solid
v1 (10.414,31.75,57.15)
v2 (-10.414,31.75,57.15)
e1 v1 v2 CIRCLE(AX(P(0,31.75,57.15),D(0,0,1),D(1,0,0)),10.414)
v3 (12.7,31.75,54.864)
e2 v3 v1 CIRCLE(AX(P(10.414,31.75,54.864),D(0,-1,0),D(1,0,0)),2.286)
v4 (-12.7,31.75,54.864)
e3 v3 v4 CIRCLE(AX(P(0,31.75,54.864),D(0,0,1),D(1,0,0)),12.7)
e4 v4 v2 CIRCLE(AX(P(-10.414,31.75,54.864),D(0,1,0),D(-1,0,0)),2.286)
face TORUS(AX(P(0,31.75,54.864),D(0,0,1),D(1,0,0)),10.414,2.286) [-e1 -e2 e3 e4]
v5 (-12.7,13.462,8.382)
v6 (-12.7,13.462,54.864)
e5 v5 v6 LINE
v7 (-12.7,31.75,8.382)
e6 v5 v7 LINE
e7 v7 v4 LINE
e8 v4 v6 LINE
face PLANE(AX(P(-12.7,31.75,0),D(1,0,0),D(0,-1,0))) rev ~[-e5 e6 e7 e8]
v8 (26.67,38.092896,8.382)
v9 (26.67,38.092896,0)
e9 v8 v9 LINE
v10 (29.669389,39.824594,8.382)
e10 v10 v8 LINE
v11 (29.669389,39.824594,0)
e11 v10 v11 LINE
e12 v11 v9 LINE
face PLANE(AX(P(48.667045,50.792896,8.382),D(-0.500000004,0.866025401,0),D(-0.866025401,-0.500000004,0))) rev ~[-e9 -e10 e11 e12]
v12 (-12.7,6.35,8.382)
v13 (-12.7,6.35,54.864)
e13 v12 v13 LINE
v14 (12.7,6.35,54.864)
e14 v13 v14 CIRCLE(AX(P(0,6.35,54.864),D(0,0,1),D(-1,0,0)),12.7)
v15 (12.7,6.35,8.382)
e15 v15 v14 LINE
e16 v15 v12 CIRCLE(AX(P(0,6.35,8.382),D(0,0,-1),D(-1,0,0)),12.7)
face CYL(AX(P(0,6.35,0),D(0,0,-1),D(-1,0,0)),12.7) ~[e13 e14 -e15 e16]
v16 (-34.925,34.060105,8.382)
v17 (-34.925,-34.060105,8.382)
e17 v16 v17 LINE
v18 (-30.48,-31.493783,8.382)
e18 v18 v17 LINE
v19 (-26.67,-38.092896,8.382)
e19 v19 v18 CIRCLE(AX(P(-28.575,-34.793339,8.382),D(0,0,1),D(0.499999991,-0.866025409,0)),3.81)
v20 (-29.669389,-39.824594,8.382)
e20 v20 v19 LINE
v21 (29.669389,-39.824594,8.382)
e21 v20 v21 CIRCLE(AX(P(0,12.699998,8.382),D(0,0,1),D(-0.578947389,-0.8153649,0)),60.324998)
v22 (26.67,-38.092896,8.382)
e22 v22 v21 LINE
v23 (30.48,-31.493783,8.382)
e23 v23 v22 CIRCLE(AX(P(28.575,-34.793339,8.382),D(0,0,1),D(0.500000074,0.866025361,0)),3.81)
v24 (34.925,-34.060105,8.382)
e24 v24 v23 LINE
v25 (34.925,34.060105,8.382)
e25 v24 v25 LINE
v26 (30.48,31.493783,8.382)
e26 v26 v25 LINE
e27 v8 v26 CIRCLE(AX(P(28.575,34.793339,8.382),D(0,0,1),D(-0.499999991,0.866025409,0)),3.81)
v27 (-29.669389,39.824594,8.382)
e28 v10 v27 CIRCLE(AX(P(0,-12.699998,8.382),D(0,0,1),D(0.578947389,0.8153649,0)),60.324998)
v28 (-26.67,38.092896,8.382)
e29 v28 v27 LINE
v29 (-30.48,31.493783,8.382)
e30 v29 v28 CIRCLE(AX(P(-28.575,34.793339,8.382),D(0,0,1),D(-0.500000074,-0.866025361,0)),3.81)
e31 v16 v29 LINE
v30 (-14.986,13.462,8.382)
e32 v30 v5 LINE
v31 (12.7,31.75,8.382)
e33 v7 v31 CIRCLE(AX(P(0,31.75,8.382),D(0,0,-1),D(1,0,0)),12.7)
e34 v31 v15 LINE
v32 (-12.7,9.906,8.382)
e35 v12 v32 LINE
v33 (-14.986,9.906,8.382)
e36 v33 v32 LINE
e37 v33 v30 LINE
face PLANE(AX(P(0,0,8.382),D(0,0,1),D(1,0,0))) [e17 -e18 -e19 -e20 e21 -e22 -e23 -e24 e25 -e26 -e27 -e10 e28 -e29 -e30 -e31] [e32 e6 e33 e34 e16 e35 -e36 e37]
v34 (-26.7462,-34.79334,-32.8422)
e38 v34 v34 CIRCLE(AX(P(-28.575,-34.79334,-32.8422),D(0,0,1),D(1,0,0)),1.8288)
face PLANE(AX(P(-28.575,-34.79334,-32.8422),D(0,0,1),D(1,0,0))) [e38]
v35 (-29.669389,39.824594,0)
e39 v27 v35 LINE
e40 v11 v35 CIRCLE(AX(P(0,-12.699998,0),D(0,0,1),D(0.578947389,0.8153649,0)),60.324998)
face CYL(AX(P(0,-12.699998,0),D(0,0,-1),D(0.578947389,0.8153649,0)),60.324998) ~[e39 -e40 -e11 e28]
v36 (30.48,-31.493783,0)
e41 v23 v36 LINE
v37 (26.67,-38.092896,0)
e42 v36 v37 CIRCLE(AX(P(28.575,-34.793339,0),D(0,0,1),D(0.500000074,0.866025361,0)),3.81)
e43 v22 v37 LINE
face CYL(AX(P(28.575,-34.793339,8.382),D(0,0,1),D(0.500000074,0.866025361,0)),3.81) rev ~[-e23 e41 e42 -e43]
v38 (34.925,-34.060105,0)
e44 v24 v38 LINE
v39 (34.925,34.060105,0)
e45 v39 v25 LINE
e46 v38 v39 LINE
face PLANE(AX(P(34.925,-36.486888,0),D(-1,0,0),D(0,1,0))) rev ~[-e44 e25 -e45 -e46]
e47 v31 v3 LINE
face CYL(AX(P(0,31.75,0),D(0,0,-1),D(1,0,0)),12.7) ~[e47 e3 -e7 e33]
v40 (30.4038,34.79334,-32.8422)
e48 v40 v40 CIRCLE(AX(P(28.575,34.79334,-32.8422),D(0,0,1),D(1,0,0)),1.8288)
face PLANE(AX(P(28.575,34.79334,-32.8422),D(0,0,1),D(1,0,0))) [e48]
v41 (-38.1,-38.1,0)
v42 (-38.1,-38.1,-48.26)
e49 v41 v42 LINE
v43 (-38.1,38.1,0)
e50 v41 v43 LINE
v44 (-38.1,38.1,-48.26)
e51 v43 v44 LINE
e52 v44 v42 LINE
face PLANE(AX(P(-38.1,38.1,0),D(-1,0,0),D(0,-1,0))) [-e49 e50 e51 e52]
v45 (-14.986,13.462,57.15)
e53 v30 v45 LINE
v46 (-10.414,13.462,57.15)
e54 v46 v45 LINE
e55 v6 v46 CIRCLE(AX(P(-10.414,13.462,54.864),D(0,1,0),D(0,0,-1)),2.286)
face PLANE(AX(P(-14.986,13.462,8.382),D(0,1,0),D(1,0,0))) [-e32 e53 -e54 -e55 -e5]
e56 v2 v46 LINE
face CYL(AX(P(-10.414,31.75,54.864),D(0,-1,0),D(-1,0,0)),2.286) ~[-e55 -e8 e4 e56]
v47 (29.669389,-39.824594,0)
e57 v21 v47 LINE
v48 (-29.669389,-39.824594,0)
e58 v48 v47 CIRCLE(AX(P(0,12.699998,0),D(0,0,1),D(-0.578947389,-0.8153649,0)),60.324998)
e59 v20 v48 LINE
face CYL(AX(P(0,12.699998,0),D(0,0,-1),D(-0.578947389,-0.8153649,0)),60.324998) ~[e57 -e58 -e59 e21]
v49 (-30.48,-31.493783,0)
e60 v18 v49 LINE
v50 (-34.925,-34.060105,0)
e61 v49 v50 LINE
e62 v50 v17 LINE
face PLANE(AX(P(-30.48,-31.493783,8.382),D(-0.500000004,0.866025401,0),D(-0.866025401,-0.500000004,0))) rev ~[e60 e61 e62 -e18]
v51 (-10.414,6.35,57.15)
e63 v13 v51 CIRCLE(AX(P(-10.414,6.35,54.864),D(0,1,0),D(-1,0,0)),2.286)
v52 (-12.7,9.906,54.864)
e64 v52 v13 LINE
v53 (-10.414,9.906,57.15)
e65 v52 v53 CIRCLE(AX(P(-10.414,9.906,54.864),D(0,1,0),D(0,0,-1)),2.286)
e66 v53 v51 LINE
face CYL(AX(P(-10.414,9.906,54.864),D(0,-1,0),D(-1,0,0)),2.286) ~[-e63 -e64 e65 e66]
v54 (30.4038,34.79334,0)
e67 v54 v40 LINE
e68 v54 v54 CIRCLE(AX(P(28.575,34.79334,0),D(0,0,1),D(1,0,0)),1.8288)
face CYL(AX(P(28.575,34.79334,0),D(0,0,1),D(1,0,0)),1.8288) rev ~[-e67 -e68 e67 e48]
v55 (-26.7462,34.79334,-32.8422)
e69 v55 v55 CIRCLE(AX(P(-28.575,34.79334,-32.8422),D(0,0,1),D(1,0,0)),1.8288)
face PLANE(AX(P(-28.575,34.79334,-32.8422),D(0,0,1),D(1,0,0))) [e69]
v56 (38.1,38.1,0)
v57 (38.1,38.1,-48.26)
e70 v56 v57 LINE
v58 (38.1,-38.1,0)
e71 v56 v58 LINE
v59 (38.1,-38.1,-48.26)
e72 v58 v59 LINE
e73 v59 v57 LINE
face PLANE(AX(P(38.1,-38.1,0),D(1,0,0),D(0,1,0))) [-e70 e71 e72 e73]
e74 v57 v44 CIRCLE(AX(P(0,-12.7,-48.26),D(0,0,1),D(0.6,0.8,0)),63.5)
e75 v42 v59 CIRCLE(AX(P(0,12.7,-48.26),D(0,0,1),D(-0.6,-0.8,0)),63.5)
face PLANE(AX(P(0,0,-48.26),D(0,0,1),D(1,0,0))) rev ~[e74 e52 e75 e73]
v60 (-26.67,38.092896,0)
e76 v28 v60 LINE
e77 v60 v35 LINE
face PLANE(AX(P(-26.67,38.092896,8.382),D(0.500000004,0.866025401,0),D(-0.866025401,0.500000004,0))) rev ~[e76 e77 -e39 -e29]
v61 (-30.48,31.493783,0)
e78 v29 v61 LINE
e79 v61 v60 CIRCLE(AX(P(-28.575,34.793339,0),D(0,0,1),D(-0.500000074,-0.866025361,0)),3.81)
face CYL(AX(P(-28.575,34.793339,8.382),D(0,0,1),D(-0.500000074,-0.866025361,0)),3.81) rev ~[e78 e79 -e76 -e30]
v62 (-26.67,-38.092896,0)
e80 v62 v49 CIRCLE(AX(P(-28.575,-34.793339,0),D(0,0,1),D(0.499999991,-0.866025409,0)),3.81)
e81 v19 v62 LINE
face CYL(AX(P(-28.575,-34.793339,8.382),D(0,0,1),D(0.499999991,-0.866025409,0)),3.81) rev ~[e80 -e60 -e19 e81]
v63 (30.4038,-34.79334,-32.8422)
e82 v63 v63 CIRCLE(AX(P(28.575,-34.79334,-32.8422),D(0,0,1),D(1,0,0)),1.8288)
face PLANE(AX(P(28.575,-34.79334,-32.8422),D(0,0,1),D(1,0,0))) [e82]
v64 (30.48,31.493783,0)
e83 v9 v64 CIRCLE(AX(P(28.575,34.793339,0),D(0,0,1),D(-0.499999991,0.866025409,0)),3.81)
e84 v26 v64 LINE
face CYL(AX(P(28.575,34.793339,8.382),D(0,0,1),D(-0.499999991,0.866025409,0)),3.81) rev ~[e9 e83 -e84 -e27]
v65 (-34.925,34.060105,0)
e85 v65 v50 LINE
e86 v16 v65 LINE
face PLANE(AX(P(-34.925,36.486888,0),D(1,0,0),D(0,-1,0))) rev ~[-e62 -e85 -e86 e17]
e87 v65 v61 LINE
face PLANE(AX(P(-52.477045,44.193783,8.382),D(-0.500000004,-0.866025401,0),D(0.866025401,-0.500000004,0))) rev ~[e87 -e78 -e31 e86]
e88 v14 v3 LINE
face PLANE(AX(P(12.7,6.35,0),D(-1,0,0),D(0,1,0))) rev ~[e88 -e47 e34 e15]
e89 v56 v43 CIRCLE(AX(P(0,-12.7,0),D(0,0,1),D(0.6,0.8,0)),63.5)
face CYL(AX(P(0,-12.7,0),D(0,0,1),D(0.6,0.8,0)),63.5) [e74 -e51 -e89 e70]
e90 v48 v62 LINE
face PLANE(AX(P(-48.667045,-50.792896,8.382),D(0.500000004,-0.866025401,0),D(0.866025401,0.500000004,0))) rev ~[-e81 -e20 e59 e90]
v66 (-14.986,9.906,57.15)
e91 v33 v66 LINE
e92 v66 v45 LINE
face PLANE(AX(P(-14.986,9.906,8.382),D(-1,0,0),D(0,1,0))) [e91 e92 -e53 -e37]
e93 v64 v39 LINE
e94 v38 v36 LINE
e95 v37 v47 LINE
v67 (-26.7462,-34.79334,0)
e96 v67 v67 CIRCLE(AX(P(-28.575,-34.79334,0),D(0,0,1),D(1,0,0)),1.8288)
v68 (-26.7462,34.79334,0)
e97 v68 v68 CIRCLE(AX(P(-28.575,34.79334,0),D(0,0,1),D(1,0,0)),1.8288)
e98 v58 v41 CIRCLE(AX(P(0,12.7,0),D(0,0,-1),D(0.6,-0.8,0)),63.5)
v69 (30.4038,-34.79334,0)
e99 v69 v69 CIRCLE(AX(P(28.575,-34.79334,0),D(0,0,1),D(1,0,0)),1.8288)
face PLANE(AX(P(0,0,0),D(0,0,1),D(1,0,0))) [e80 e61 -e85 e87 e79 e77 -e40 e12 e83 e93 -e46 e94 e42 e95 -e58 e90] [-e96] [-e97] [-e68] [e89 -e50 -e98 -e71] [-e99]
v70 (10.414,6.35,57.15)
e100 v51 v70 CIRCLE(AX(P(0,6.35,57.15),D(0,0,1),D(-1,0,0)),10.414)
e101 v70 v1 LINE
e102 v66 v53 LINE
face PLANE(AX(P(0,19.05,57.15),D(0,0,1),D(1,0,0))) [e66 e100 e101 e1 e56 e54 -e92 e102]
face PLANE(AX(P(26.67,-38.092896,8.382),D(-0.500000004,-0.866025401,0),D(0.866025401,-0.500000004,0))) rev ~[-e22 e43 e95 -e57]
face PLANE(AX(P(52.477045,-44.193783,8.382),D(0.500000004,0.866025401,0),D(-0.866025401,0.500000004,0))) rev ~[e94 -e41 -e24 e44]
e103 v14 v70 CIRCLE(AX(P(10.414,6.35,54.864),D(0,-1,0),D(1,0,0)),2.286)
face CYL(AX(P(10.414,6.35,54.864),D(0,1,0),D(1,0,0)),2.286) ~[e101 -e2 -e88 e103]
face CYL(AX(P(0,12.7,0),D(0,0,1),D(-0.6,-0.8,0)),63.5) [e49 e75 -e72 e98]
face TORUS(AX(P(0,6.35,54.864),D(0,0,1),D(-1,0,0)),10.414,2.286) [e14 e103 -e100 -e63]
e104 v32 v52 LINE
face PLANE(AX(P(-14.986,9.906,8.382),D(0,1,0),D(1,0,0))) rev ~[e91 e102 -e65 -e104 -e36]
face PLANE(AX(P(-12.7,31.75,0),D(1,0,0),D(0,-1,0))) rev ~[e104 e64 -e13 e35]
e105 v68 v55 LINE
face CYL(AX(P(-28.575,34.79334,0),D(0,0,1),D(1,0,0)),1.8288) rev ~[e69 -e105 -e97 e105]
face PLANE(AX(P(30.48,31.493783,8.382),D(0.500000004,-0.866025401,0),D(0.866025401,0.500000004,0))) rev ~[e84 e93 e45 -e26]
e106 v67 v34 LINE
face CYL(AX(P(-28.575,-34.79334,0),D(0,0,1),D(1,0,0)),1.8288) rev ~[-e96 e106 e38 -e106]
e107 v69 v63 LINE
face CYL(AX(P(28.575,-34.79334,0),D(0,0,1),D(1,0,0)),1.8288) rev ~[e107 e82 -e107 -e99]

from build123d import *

# Parameters (mm, degrees)
F1_DEPTH  = 48.26
F3_DEPTH  = 8.382
F5_DEPTH  = 8.382
F6_R      = 1.8288
F7_DEPTH  = 32.8422
F9_DEPTH  = 57.15
F10_W     = 2.286
F10_H     = 3.556
F11_DEPTH = 48.768
F12_R     = 2.286


with BuildPart() as f1:
    # F0 (on Top) → F1 (new body)
    with BuildSketch(Plane.XY):
        with BuildLine():
            ThreePointArc((-38.1, -38.1), (0, -50.8), (38.1, -38.1))
            Line((38.1, -38.1), (38.1, 38.1))
            ThreePointArc((38.1, 38.1), (0, 50.8), (-38.1, 38.1))
            Line((-38.1, 38.1), (-38.1, -38.1))
        make_face()
    extrude(amount=-F1_DEPTH)

    # F2 (on face) → F3 (join)
    with BuildSketch(Plane.XY):
        with BuildLine():
            Line((-34.925, 36.486888), (-34.925, -36.486888))
            ThreePointArc((-34.925, -36.486888), (0, -47.625), (34.925, -36.486888))
            Line((34.925, -36.486888), (34.925, 36.486888))
            ThreePointArc((34.925, 36.486888), (0, 47.625), (-34.925, 36.486888))
        make_face()
    extrude(amount=F3_DEPTH)

    # F4 (on face) → F5 (cut, through all)
    with BuildSketch(Plane.XY.offset(8.382)):
        with BuildLine():
            ThreePointArc((-26.67, -38.092896), (-25.275443, -32.88834), (-30.48, -31.493783))
            Line((-30.48, -31.493783), (-52.477045, -44.193783))
            ThreePointArc((-52.477045, -44.193783), (-53.871602, -49.39834), (-48.667045, -50.792896))
            Line((-48.667045, -50.792896), (-26.67, -38.092896))
        make_face()
        with BuildLine():
            ThreePointArc((30.48, -31.493783), (25.275443, -32.88834), (26.67, -38.092896))
            Line((26.67, -38.092896), (48.667045, -50.792896))
            ThreePointArc((48.667045, -50.792896), (53.871602, -49.39834), (52.477045, -44.193783))
            Line((52.477045, -44.193783), (30.48, -31.493783))
        make_face()
        with BuildLine():
            Line((-52.477045, 44.193783), (-30.48, 31.493783))
            ThreePointArc((-30.48, 31.493783), (-25.275443, 32.88834), (-26.67, 38.092896))
            Line((-26.67, 38.092896), (-48.667045, 50.792896))
            ThreePointArc((-48.667045, 50.792896), (-53.871602, 49.39834), (-52.477045, 44.193783))
        make_face()
        with BuildLine():
            ThreePointArc((26.67, 38.092896), (25.275443, 32.88834), (30.48, 31.493783))
            Line((30.48, 31.493783), (52.477045, 44.193783))
            ThreePointArc((52.477045, 44.193783), (53.871602, 49.39834), (48.667045, 50.792896))
            Line((48.667045, 50.792896), (26.67, 38.092896))
        make_face()
    extrude(amount=-F5_DEPTH, mode=Mode.SUBTRACT)

    # F6 (on face) → F7 (cut)
    with BuildSketch(Plane.XY):
        with Locations((28.575, -34.79334)):
            Circle(F6_R)
        with Locations((-28.575, -34.79334)):
            Circle(F6_R)
        with Locations((-28.575, 34.79334)):
            Circle(F6_R)
        with Locations((28.575, 34.79334)):
            Circle(F6_R)
    extrude(amount=-F7_DEPTH, mode=Mode.SUBTRACT)

    # F8 (on Top) → F9 (join)
    with BuildSketch(Plane.XY):
        with BuildLine():
            ThreePointArc((-12.7, 6.35), (0, -6.35), (12.7, 6.35))
            Line((12.7, 6.35), (12.7, 31.75))
            ThreePointArc((12.7, 31.75), (0, 44.45), (-12.7, 31.75))
            Line((-12.7, 31.75), (-12.7, 6.35))
        make_face()
    extrude(amount=F9_DEPTH)

    # F10 (on face) → F11 (join, through all)
    with BuildSketch(Plane.XY.offset(8.382)):
        with Locations((-13.843, 11.684)):
            Rectangle(F10_W, F10_H)
    extrude(amount=F11_DEPTH)

    # F12
    f12_edges = [f1.edges().sort_by_distance(p)[0] for p in [
        (12.7, 19.05, 57.15),
    ]]
    fillet(f12_edges, radius=F12_R)


solid = f1.part
